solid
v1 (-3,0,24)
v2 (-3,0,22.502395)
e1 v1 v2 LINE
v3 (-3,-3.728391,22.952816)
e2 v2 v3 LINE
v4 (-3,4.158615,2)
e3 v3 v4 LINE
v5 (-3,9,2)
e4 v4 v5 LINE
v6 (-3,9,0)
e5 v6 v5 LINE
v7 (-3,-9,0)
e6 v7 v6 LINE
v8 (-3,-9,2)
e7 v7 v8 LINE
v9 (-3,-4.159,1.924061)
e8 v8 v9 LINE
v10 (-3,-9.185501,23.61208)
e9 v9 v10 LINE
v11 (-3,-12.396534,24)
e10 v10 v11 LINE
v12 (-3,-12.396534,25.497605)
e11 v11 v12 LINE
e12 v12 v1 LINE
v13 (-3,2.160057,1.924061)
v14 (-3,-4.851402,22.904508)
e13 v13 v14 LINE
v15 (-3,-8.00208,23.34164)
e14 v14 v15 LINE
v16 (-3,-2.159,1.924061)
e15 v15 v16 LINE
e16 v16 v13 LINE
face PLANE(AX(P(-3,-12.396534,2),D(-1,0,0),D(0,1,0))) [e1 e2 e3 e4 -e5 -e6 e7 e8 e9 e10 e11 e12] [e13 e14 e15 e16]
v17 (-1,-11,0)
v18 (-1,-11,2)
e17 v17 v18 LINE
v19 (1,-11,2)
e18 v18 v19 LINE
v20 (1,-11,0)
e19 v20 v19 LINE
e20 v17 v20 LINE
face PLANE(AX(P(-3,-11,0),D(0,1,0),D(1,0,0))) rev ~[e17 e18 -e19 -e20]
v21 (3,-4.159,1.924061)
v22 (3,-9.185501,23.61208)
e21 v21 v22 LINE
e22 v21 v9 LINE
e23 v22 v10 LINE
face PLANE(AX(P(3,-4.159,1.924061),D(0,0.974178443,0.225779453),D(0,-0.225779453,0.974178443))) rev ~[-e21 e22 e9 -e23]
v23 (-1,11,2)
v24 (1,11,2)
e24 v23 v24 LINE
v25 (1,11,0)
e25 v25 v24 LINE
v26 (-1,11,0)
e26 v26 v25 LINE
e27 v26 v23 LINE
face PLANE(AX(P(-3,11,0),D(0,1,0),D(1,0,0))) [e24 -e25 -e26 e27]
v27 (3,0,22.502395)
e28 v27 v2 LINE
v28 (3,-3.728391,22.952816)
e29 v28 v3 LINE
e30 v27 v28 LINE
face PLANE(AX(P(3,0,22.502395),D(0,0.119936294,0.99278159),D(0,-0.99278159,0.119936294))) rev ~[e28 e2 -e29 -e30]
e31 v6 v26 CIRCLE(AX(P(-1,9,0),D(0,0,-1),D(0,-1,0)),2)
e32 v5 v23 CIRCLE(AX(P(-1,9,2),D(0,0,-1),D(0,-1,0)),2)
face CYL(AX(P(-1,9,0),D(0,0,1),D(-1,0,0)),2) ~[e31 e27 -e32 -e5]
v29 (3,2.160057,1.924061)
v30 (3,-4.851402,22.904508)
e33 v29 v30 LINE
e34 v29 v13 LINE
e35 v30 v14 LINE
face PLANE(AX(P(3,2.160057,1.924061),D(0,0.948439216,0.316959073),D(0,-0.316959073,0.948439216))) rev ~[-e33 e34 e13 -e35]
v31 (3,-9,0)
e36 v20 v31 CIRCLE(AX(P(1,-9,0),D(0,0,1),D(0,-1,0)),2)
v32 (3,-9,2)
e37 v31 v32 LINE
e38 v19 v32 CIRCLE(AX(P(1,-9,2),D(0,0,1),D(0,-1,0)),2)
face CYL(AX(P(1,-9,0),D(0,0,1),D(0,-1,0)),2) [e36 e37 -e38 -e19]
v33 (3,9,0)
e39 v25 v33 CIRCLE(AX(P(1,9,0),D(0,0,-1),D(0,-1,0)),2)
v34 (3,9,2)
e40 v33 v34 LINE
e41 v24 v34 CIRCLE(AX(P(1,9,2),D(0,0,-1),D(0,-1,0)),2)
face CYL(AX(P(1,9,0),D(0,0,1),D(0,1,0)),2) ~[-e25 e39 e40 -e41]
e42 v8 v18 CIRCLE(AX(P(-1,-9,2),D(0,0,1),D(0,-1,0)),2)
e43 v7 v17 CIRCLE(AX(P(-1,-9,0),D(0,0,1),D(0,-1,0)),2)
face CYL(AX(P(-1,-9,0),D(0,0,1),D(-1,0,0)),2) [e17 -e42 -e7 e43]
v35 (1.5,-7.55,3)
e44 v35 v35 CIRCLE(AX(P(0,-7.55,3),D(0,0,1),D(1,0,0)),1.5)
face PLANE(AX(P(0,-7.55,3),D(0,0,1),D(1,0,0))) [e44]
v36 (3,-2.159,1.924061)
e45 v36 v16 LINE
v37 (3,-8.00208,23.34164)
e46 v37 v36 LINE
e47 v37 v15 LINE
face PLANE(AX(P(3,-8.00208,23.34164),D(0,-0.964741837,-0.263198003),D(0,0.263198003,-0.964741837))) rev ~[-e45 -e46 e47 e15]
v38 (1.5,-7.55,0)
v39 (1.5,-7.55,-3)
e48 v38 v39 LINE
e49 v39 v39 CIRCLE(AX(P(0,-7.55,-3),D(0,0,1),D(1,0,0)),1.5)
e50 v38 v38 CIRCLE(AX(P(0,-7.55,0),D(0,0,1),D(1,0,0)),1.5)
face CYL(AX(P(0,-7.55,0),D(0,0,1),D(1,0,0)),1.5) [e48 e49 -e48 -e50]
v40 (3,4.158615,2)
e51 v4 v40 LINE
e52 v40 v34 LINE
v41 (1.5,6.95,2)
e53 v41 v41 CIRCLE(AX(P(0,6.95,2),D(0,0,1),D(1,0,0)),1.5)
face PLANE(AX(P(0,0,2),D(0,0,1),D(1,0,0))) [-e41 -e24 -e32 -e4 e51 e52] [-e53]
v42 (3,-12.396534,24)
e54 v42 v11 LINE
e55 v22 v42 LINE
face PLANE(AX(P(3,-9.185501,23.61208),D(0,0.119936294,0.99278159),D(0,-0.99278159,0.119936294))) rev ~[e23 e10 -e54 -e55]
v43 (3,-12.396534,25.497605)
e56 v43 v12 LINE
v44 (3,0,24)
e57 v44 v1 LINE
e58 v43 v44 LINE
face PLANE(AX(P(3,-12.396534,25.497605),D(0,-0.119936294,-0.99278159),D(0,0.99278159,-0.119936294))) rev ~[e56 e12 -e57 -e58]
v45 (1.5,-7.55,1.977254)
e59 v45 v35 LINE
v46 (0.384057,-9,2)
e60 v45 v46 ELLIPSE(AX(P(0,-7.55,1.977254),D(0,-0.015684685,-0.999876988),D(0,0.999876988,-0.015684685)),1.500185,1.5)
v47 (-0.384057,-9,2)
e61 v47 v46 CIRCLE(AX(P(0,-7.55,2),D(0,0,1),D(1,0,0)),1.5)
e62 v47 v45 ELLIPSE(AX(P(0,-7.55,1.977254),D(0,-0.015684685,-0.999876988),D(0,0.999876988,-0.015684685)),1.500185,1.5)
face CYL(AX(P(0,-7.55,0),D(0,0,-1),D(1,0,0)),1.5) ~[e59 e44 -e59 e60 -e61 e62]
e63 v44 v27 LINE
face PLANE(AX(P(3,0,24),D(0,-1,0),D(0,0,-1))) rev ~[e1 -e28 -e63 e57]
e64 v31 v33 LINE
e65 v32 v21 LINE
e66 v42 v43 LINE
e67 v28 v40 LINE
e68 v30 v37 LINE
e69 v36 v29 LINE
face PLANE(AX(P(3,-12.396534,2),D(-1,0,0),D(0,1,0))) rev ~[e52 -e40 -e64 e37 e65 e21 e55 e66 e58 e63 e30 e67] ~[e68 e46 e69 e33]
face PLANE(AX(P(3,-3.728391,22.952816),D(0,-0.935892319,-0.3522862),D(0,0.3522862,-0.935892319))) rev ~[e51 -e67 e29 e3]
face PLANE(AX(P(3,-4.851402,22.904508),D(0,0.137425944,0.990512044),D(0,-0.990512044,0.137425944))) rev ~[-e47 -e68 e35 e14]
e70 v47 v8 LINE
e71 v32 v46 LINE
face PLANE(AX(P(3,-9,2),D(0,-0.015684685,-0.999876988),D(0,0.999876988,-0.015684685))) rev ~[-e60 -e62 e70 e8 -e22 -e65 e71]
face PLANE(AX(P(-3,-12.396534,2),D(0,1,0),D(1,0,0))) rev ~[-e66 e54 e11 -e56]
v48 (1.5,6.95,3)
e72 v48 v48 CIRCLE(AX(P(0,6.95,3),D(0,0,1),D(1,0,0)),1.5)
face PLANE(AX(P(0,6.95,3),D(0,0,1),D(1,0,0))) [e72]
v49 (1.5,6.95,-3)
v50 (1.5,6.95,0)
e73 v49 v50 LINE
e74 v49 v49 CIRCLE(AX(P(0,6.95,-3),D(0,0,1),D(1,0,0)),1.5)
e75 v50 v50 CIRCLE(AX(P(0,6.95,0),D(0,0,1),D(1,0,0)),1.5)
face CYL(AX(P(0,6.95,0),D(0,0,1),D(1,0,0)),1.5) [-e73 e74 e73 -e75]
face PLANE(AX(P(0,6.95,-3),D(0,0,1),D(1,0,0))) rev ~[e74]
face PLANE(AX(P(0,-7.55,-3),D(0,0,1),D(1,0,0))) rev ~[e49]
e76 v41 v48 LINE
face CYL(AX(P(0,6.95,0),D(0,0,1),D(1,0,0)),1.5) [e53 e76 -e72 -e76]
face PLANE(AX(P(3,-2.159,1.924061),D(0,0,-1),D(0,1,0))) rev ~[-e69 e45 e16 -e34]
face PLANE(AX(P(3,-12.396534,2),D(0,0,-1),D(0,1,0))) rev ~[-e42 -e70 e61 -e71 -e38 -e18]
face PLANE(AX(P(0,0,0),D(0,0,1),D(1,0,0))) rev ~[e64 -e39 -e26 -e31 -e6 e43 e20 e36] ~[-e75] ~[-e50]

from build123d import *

# Parameters (mm, degrees)
F0_W     = 6
F0_H     = 22
F0_R     = 1.5
F1_DEPTH = 2
F2_R     = 2
F3_W     = 6
F3_H     = 16.5551486425
F4_DEPTH = 25
F6_DEPTH = 6
F8_DEPTH = 3
F9_DEPTH = 6


with BuildPart() as f1:
    # F0 (on Top) → F1 (new body)
    with BuildSketch(Plane.XY):
        Rectangle(F0_W, F0_H)
        with Locations((0, -7.55)):
            Circle(F0_R, mode=Mode.SUBTRACT)
        with Locations((0, 6.95)):
            Circle(F0_R, mode=Mode.SUBTRACT)
    extrude(amount=F1_DEPTH)

    # F2
    f2_edges = [f1.edges().sort_by_distance(p)[0] for p in [
        (-3, -11, 1),
        (3, -11, 1),
        (-3, 11, 1),
        (3, 11, 1),
    ]]
    fillet(f2_edges, radius=F2_R)

    # F3 (on face) → F4 (join)
    with BuildSketch(Plane.XY.offset(2)):
        with Locations((0, -4.1189596523)):
            Rectangle(F3_W, F3_H)
    extrude(amount=F4_DEPTH)

    # F5 (on face) → F6 (cut)
    with BuildSketch(Plane.YZ.offset(3)):
        Polygon((-4.159, 1.9240611), (-9.1855012482, 23.6120804718), (-12.3965339735, 24), (-12.3965339735, 2), (-9, 2), align=None)
        Polygon((0, 22.5023953283), (-3.7283909077, 22.9528160389), (4.158614669, 2), (4.158614669, 22), (4.158614669, 27), (-12.3965339735, 27), (-12.3965339735, 25.4976046717), (0, 24), align=None)
    extrude(amount=-F6_DEPTH, mode=Mode.SUBTRACT)

    # F0 (on Top) → F8 (join, symmetric)
    with BuildSketch(Plane.XY):
        with Locations((0, -7.55)):
            Circle(F0_R)
        with Locations((0, 6.95)):
            Circle(F0_R)
    extrude(amount=F8_DEPTH, both=True)

    # F7 (on face) → F9 (cut)
    with BuildSketch(Plane.YZ.offset(3)):
        Polygon((-8.002080251, 23.3416398971), (-2.159, 1.9240611), (2.1600568681, 1.9240611), (-4.8514023151, 22.9045075155), align=None)
    extrude(amount=-F9_DEPTH, mode=Mode.SUBTRACT)


solid = f1.part
